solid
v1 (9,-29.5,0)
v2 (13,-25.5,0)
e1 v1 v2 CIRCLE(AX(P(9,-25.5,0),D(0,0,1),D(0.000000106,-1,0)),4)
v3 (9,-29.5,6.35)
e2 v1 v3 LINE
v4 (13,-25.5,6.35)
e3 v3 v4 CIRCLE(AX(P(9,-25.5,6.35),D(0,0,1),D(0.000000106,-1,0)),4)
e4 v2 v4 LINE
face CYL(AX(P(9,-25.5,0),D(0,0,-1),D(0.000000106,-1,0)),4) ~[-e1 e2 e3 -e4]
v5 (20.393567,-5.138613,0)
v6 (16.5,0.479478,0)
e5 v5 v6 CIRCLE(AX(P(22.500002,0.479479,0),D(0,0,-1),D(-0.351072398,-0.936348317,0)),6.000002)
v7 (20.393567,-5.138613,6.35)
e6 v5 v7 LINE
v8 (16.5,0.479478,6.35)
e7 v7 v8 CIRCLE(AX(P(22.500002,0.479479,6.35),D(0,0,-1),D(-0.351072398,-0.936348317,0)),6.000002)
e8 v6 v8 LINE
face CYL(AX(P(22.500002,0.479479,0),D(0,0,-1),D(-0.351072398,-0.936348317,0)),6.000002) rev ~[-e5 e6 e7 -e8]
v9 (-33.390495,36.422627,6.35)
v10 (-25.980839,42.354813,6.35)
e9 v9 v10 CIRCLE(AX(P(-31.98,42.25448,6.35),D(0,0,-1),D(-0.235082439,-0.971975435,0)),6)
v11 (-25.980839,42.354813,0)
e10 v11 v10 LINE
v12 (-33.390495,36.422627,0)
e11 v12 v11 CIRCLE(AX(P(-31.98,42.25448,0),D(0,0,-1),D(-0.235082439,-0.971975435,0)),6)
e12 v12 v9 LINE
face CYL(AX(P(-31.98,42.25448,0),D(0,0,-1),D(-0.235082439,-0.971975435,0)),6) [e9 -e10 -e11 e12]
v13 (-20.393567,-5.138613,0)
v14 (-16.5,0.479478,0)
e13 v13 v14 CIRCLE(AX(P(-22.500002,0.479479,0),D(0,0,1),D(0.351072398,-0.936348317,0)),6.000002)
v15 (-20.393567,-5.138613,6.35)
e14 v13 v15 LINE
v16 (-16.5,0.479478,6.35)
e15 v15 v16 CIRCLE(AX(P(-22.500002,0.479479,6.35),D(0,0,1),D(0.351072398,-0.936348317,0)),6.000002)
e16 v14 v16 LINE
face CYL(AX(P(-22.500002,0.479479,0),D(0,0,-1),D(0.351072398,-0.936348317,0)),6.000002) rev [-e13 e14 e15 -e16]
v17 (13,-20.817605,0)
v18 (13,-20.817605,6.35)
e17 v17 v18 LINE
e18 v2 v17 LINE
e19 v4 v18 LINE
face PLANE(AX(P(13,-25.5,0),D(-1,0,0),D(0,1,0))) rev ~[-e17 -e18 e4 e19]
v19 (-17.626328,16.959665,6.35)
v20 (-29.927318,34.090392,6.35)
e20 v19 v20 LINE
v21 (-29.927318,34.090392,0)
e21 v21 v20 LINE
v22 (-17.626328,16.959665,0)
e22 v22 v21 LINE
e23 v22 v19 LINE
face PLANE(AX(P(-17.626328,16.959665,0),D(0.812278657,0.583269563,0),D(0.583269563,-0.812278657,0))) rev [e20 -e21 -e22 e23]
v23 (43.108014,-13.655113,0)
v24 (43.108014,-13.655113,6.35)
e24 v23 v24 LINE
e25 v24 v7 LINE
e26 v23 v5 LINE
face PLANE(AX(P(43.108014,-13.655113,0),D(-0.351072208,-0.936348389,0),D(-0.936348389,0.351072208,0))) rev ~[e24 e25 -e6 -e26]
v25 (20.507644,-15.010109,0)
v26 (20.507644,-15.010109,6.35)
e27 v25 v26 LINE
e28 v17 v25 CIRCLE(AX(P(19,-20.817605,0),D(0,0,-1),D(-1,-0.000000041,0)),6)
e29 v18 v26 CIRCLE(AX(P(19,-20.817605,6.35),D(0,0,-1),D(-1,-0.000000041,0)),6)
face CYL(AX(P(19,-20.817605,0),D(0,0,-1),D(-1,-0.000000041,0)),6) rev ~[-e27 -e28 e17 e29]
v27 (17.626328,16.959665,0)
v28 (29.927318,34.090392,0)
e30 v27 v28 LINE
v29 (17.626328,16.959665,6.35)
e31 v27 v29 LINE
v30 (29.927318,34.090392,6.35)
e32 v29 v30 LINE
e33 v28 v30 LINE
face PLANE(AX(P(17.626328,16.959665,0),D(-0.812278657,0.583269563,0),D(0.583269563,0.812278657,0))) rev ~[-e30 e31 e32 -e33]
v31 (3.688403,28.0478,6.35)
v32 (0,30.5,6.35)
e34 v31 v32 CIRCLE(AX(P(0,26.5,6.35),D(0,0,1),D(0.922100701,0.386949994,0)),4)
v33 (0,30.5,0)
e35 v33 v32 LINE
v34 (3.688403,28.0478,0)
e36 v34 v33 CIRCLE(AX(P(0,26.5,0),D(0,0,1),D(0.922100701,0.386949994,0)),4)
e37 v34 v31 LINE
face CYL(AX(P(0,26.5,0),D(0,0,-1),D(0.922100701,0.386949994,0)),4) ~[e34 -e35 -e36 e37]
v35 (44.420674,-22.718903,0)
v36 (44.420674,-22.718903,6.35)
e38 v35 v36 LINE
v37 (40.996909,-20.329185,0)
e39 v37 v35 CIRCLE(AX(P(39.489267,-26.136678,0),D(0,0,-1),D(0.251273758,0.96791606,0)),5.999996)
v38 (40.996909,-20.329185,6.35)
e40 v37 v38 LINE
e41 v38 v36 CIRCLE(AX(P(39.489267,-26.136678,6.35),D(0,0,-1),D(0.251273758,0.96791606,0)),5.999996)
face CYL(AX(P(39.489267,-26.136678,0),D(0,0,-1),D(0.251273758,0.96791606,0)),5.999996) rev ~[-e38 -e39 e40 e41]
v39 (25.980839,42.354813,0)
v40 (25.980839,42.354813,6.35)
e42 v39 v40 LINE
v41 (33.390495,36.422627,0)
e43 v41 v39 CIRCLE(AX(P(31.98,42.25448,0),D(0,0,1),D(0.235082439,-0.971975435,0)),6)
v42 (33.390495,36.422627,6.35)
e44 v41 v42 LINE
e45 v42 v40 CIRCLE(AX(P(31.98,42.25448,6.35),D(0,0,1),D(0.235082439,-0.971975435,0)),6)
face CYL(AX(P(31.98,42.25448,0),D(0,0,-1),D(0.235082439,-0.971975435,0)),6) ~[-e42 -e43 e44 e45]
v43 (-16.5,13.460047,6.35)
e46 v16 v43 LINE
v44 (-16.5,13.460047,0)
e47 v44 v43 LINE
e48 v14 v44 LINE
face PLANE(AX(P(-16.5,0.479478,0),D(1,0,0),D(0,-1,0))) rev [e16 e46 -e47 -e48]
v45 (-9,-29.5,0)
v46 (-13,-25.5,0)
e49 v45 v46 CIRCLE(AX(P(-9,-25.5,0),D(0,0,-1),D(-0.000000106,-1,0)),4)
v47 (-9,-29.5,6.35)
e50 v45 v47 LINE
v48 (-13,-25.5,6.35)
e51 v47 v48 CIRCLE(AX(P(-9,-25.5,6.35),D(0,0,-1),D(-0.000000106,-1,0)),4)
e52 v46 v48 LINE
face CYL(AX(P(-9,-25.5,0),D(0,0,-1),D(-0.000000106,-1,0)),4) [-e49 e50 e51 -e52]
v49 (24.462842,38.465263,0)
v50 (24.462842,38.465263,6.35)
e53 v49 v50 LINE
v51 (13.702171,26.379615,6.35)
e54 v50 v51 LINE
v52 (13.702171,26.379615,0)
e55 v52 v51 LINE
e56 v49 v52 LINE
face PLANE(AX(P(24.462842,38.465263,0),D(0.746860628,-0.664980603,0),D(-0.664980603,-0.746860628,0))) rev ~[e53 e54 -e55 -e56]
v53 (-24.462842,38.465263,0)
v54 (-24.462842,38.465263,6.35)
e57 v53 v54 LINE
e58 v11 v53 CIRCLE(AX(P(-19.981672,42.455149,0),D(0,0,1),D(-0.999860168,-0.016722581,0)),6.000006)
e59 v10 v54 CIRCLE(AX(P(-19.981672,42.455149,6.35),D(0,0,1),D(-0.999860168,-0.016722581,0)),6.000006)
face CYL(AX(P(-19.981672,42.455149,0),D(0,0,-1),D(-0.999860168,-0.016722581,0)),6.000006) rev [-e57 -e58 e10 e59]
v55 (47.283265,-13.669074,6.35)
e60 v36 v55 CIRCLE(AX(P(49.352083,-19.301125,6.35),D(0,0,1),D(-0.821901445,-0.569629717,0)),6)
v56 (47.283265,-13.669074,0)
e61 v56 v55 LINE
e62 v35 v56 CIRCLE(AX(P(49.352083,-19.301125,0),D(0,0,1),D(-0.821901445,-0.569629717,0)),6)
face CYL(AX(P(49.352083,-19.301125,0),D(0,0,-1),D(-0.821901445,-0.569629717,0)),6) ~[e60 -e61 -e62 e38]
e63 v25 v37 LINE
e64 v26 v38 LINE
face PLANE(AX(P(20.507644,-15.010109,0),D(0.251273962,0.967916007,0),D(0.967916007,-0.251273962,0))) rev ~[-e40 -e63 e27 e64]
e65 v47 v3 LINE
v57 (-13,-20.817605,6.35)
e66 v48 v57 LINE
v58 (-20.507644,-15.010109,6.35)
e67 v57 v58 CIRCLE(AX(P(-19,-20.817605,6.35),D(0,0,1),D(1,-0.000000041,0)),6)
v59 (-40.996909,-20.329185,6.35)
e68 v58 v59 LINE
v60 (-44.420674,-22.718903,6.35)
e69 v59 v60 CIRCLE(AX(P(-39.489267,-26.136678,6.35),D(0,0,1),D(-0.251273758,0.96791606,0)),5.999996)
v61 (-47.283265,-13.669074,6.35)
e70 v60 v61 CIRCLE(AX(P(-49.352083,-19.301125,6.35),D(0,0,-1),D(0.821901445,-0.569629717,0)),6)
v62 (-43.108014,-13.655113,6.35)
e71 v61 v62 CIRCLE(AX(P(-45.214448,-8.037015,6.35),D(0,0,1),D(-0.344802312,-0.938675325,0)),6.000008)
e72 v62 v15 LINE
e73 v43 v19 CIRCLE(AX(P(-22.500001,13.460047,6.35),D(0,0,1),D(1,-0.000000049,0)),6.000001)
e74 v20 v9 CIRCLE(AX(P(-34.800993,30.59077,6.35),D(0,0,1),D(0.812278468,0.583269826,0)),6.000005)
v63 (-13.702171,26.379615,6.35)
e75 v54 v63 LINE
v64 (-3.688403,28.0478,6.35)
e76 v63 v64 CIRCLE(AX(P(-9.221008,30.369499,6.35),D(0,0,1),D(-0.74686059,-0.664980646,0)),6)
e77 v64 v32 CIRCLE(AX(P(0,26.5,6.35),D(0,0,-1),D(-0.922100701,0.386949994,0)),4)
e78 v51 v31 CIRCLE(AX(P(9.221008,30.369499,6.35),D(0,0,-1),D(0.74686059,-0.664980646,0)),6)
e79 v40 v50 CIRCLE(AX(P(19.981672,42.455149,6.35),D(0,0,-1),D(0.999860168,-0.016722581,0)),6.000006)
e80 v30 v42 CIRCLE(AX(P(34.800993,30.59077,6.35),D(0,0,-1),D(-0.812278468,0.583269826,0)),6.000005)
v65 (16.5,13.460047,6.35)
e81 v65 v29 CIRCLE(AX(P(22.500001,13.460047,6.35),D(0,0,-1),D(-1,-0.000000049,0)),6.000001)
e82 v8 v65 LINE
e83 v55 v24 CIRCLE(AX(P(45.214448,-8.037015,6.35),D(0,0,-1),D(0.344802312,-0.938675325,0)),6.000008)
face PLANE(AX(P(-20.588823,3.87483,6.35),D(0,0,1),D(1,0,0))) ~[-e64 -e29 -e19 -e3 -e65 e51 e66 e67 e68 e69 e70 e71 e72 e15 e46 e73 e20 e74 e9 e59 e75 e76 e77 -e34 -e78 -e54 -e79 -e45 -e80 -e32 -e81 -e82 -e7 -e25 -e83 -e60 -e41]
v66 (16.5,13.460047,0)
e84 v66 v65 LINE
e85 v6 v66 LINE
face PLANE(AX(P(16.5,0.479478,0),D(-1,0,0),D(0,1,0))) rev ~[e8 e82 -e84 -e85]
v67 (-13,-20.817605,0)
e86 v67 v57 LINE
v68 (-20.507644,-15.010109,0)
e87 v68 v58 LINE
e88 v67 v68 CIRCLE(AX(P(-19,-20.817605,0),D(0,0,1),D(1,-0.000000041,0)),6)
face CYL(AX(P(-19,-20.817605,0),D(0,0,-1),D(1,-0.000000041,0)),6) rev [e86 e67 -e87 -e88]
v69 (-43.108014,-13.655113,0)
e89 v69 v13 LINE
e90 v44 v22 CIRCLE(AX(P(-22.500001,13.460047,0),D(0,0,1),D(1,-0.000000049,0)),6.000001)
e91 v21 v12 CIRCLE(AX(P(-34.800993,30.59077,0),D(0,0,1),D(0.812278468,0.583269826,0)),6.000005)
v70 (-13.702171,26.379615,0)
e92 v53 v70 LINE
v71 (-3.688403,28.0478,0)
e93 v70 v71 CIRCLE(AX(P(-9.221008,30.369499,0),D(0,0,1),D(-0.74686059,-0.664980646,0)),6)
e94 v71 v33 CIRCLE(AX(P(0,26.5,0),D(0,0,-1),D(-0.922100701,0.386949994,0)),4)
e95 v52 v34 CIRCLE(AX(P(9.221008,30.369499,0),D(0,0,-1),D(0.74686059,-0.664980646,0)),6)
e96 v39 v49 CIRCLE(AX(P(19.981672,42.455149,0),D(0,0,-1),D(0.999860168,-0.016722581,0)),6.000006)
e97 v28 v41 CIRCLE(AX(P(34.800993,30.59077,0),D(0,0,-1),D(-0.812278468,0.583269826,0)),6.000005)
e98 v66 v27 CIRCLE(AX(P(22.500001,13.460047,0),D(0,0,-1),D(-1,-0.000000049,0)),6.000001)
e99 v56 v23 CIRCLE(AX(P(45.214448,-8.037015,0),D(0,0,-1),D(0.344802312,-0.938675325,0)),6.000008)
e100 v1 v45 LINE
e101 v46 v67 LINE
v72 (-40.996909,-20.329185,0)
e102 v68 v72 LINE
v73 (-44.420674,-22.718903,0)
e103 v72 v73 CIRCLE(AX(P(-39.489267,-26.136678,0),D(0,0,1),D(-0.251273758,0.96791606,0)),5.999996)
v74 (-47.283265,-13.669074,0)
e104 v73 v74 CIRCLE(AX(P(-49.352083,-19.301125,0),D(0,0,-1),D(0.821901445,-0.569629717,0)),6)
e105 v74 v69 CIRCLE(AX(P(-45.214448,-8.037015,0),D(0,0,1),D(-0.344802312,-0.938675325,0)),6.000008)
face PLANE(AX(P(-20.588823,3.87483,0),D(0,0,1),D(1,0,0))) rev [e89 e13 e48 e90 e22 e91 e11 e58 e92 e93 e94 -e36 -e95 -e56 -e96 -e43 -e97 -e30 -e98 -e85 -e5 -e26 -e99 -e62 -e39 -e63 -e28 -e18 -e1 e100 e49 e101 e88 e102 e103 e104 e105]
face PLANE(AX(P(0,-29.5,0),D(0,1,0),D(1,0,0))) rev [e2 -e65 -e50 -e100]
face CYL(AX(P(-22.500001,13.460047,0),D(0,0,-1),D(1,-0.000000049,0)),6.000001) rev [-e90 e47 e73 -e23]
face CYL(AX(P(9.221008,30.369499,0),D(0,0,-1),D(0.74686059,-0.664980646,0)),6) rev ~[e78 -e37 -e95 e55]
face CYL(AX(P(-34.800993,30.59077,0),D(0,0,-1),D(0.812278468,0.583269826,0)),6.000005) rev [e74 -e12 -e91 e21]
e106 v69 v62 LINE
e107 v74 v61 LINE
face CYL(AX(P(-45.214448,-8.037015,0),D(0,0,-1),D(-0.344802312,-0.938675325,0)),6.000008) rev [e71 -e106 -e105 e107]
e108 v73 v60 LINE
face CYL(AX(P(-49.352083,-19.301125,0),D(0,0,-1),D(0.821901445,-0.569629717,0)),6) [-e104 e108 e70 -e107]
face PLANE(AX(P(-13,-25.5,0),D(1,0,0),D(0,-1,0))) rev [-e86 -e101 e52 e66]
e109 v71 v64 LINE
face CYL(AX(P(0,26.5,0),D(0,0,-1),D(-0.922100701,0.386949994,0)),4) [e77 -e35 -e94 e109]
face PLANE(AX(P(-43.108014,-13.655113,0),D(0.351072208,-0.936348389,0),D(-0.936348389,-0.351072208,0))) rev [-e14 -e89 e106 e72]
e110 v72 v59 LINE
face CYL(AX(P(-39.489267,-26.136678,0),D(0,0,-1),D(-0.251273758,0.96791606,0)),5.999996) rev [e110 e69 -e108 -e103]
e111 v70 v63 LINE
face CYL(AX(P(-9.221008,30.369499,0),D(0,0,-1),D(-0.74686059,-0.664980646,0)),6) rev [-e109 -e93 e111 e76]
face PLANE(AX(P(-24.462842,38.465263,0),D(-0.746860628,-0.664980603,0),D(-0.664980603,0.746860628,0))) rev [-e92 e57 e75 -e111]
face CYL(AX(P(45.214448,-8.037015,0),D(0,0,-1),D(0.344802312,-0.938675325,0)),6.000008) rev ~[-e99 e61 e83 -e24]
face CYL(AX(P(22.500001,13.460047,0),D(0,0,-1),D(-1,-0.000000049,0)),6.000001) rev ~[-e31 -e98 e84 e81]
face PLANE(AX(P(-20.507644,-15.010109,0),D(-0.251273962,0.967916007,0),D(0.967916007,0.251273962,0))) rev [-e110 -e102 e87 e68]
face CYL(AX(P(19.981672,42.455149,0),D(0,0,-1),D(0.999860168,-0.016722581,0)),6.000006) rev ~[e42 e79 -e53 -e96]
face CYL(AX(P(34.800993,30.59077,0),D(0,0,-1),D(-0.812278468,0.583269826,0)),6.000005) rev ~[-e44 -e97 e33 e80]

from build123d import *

# Parameters (mm, degrees)
F2_DEPTH = 6.35


with BuildPart() as f2:
    # F1 (on Top) → F2 (new body)
    with BuildSketch(Plane.XY):
        with BuildLine():
            ThreePointArc((47.283265, -13.669074), (45.194386, -14.036989), (43.108014, -13.655113))
            Line((43.108014, -13.655113), (20.393567, -5.138613))
            ThreePointArc((20.393567, -5.138613), (17.56854, -2.938226), (16.5, 0.479478))
            Line((16.5, 0.479478), (16.5, 13.460047))
            ThreePointArc((16.5, 13.460047), (16.788519, 15.298249), (17.626328, 16.959665))
            Line((17.626328, 16.959665), (29.927318, 34.090392))
            ThreePointArc((29.927318, 34.090392), (31.449495, 35.567468), (33.390495, 36.422627))
            ThreePointArc((33.390495, 36.422627), (35.72989, 46.938317), (25.980839, 42.354813))
            ThreePointArc((25.980839, 42.354813), (25.571083, 40.273737), (24.462842, 38.465263))
            Line((24.462842, 38.465263), (13.702171, 26.379615))
            ThreePointArc((13.702171, 26.379615), (8.23506, 24.451061), (3.688403, 28.0478))
            ThreePointArc((3.688403, 28.0478), (2.214588, 29.831006), (0, 30.5))
            Line((0, 30.5), (0, -29.5))
            Line((0, -29.5), (9, -29.5))
            ThreePointArc((9, -29.5), (11.828427, -28.328427), (13, -25.5))
            Line((13, -25.5), (13, -20.817605))
            ThreePointArc((13, -20.817605), (15.328887, -16.071772), (20.507644, -15.010109))
            Line((20.507644, -15.010109), (40.996909, -20.329185))
            ThreePointArc((40.996909, -20.329185), (42.923365, -21.216624), (44.420674, -22.718903))
            ThreePointArc((44.420674, -22.718903), (55.072716, -21.110643), (47.283265, -13.669074))
        make_face()
    extrude(amount=F2_DEPTH)

    # F3: F2 across plane


with BuildPart() as f2_1:
    add(f2.part)
    add(f2.part.mirror(Plane.YZ))


solid = f2_1.part
